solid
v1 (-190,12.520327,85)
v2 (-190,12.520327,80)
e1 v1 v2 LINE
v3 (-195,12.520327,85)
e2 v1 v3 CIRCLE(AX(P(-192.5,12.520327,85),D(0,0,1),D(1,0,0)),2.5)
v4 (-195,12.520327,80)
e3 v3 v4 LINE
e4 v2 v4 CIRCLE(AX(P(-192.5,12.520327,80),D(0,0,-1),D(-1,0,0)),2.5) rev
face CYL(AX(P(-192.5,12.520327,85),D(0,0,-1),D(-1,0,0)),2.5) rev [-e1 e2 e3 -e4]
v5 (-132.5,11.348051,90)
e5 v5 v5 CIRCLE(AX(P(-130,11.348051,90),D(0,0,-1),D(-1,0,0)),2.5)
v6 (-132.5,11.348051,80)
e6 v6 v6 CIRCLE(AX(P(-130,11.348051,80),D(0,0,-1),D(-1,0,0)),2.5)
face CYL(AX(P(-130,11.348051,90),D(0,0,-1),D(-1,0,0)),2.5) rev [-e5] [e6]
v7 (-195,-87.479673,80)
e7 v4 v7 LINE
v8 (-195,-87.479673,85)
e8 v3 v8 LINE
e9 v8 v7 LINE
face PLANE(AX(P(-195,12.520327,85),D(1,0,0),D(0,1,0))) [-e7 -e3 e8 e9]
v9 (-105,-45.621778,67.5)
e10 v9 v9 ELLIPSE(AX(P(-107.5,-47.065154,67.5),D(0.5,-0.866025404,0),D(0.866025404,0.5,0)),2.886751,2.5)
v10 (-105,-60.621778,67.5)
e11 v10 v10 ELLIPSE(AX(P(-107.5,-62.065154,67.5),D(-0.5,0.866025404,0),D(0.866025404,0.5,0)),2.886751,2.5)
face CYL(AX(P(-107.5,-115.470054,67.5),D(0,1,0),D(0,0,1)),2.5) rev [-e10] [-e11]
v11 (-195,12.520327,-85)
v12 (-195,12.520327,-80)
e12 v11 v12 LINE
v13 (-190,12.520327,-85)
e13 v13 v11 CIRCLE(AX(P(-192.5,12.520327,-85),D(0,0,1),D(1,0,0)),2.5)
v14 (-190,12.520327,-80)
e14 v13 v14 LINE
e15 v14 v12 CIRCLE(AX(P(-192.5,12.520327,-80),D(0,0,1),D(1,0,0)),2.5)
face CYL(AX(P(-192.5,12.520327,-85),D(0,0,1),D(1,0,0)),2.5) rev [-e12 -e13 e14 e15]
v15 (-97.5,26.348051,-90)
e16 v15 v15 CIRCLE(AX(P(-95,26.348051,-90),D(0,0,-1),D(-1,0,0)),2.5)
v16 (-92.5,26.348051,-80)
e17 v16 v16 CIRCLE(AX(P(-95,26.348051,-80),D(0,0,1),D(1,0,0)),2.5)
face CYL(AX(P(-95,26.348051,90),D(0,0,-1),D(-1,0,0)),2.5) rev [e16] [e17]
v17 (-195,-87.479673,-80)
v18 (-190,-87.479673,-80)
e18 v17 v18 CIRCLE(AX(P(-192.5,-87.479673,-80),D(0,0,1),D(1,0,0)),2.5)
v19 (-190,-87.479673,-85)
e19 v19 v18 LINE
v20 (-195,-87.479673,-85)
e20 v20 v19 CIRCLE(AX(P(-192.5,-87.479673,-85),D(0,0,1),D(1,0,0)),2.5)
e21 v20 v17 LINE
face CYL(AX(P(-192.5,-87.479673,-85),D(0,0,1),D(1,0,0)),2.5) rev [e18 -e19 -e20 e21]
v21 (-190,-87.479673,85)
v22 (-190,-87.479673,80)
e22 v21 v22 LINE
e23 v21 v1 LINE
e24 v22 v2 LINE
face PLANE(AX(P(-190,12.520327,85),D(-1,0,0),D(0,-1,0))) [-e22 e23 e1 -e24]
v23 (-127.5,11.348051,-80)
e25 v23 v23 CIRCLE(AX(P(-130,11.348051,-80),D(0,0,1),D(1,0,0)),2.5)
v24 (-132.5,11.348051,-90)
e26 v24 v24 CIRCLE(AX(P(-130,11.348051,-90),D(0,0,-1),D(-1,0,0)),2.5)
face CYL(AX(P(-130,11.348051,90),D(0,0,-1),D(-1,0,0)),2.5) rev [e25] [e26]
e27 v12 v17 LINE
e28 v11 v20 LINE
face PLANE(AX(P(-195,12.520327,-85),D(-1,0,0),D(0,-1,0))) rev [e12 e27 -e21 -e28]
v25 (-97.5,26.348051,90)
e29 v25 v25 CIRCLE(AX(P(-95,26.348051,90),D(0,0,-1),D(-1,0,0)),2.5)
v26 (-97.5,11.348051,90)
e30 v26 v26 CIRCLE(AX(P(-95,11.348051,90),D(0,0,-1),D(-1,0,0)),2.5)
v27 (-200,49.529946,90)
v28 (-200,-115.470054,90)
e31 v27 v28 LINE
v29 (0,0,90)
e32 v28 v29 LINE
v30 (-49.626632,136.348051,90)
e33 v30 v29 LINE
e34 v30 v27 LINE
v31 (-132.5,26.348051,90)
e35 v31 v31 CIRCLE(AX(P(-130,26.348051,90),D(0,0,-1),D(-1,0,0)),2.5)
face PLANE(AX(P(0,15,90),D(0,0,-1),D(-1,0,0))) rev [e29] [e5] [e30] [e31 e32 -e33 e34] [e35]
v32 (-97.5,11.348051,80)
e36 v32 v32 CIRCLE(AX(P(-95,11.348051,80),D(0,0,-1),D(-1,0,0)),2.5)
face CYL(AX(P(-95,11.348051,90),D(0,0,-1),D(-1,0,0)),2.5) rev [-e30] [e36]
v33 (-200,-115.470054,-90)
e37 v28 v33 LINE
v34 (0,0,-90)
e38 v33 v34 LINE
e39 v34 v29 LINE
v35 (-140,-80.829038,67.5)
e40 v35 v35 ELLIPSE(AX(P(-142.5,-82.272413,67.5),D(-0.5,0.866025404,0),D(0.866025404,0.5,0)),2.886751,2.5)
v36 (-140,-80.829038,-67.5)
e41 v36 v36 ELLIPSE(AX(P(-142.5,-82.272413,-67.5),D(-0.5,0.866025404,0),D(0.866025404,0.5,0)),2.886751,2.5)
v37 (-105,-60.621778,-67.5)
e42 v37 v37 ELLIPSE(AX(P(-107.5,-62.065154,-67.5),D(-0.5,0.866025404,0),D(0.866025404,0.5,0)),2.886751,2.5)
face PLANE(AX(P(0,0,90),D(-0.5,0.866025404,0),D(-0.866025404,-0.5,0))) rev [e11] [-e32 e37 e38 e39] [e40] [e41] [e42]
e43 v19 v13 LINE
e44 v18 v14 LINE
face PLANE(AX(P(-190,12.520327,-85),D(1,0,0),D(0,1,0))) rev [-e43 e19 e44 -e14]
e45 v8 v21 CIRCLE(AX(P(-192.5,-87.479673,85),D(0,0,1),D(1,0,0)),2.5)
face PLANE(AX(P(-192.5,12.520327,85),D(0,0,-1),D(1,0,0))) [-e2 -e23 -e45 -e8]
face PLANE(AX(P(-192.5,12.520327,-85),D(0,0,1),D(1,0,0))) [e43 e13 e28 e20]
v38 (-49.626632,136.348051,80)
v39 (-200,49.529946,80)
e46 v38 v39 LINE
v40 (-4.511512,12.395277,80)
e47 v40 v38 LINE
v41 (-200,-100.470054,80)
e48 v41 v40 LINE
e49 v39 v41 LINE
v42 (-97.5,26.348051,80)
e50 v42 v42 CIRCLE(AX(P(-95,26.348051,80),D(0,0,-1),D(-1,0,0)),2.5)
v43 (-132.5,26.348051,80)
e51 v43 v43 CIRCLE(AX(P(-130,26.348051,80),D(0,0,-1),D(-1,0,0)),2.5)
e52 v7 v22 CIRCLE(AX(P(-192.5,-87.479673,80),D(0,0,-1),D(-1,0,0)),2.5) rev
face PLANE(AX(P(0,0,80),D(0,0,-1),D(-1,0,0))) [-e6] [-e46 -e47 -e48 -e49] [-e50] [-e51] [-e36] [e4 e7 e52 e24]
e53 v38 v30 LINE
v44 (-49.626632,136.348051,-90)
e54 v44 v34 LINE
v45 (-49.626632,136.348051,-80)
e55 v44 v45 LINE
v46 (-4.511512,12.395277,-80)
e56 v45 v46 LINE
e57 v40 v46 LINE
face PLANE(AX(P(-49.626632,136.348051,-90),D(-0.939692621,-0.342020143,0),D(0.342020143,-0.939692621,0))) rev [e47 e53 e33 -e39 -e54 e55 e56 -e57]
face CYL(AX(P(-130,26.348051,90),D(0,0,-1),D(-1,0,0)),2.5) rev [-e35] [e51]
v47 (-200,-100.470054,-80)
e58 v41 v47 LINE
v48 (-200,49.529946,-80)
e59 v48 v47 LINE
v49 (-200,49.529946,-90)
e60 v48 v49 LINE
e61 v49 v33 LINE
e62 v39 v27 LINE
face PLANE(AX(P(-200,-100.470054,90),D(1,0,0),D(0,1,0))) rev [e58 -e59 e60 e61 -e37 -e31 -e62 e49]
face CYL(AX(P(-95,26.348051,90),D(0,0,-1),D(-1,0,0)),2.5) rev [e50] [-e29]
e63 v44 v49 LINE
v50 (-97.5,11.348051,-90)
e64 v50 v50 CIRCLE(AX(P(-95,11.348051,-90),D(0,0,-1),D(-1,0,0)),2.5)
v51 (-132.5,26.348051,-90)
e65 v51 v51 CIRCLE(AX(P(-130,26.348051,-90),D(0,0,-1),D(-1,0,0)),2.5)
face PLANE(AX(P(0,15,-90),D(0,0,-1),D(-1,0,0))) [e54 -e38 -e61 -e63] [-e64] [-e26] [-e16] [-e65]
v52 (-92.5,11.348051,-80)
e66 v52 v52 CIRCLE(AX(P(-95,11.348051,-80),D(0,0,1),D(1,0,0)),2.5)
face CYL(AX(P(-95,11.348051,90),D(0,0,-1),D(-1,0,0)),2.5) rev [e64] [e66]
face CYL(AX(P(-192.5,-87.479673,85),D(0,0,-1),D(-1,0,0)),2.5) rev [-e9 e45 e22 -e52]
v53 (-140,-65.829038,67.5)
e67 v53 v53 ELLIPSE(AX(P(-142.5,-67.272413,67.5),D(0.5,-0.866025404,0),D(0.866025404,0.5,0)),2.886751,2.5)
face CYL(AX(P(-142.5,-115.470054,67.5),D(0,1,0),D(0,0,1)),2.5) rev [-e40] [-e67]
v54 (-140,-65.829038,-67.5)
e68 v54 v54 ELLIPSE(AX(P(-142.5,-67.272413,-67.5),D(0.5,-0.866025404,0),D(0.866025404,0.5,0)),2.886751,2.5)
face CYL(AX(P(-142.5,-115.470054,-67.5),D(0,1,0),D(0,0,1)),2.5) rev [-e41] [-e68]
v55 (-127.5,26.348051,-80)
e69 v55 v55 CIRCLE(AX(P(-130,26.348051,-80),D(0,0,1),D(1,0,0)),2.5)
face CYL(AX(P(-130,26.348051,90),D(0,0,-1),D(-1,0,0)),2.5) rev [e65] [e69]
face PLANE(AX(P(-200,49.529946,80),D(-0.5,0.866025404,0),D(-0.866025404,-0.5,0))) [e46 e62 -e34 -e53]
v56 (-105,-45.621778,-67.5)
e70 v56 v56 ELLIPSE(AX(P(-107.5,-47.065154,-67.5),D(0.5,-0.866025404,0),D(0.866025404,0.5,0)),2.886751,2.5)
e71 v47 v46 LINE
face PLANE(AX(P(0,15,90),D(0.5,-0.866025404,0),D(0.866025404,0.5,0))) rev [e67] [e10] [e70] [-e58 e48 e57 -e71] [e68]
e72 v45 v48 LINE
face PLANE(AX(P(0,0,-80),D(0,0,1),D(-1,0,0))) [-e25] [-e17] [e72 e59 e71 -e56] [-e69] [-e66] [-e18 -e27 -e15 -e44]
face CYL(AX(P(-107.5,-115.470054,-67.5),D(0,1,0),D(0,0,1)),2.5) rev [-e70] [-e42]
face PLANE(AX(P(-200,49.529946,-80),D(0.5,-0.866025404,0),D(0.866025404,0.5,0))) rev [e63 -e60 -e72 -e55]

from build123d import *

# Parameters (mm, degrees)
SKETCH1_W            = 50
SKETCH1_H            = 150
SKETCH1_R            = 2.5
BOSS_EXTRUDE1_DEPTH  = 15
BOSS_EXTRUDE2_DEPTH  = 90
SKETCH3_W            = 250
SKETCH3_H            = 15
BOSS_EXTRUDE3_DEPTH  = 150
BOSS_EXTRUDE8_DEPTH  = 10
CUT_EXTRUDE1_DEPTH   = 10
SKETCH10_W           = 115
SKETCH10_H           = 165
BOSS_EXTRUDE12_DEPTH = 15
CUT_EXTRUDE3_DEPTH   = 181
SKETCH13_R           = 2.5
CUT_EXTRUDE4_DEPTH   = 116.470053838
SKETCH14_R           = 2.5
CUT_EXTRUDE5_DEPTH   = 181


with BuildPart() as part:
    # Sketch1 → Boss-Extrude1 (new body)
    with BuildSketch(Plane(origin=(0, 0, 0), x_dir=(1, 0, 0), z_dir=(0, 1, 0))):
        Polygon((0, 90), (0, 75), (50, 75), (50, -75), (0, -75), (0, -90), (250, -90), (250, 90), align=None)
        with Locations((25, 0)):
            Rectangle(SKETCH1_W, SKETCH1_H)
        with Locations((7.5, -67.5)):
            Circle(SKETCH1_R, mode=Mode.SUBTRACT)
        with Locations((42.5, -67.5)):
            Circle(SKETCH1_R, mode=Mode.SUBTRACT)
        with Locations((7.5, 67.5)):
            Circle(SKETCH1_R, mode=Mode.SUBTRACT)
        with Locations((42.5, 67.5)):
            Circle(SKETCH1_R, mode=Mode.SUBTRACT)
    extrude(amount=BOSS_EXTRUDE1_DEPTH)

    # Sketch2 → Boss-Extrude2 (add, symmetric)
    with BuildSketch(Plane.XY):
        Polygon((0, 0), (-200, -115.470053838), (-200, -100.470053838), (0, 15), align=None)
    extrude(amount=BOSS_EXTRUDE2_DEPTH, both=True)

    # Sketch3 → Boss-Extrude3 (add)
    with BuildSketch(Plane(origin=(0, 15, 0), x_dir=(1, 0, 0), z_dir=(0, 1, 0))):
        with Locations((125, 82.5)):
            Rectangle(SKETCH3_W, SKETCH3_H)
        with Locations((125, -82.5)):
            Rectangle(SKETCH3_W, SKETCH3_H)
    extrude(amount=BOSS_EXTRUDE3_DEPTH)

    # Sketch8 → Boss-Extrude8 (add)
    with BuildSketch(Plane.XY.offset(90)):
        Polygon((0, 15), (-200, -100.470053838), (-200, 49.529946162), (0, 165), align=None)
    boss_extrude8 = extrude(amount=-BOSS_EXTRUDE8_DEPTH)

    # Mirror1: Boss-Extrude8 across plane
    add(boss_extrude8.mirror(Plane.XY))

    # Sketch9 → Cut-Extrude1 (cut)
    with BuildSketch(Plane.XY.offset(-75)):
        with BuildLine():
            Line((-190, 12.520327219), (-190, -87.479672781))
            ThreePointArc((-190, -87.479672781), (-192.5, -89.979672781), (-195, -87.479672781))
            Line((-195, -87.479672781), (-195, 12.520327219))
            ThreePointArc((-195, 12.520327219), (-192.5, 15.020327219), (-190, 12.520327219))
        make_face()
    cut_extrude1 = extrude(amount=-CUT_EXTRUDE1_DEPTH, mode=Mode.SUBTRACT)

    # Mirror2: Cut-Extrude1 across plane
    add(cut_extrude1.mirror(Plane.XY), mode=Mode.SUBTRACT)

    # Sketch10 → Boss-Extrude12 (add)
    with BuildSketch(Plane(origin=(250, 0, 0), x_dir=(0, 0, -1), z_dir=(1, 0, 0))):
        with Locations((-32.5, 82.5)):
            Rectangle(SKETCH10_W, SKETCH10_H)
    boss_extrude12 = extrude(amount=-BOSS_EXTRUDE12_DEPTH)

    # Mirror3: Boss-Extrude12 across plane
    add(boss_extrude12.mirror(Plane.XY))

    # Sketch12 → Cut-Extrude3 (cut, through all)
    with BuildSketch(Plane.XY.offset(90)):
        Polygon((0, 165), (250, 165), (250, 0), (0, 0), (-49.62663195, 136.348050685), align=None)
    extrude(amount=-CUT_EXTRUDE3_DEPTH, mode=Mode.SUBTRACT)

    # Sketch13 → Cut-Extrude4 (cut, through all)
    with BuildSketch(Plane(origin=(0, 0, 0), x_dir=(1, 0, 0), z_dir=(0, 1, 0))):
        with Locations((-142.5, 67.5)):
            Circle(SKETCH13_R)
        with Locations((-107.5, 67.5)):
            Circle(SKETCH13_R)
        with Locations((-142.5, -67.5)):
            Circle(SKETCH13_R)
        with Locations((-107.5, -67.5)):
            Circle(SKETCH13_R)
    extrude(amount=-CUT_EXTRUDE4_DEPTH, mode=Mode.SUBTRACT)

    # Sketch14 → Cut-Extrude5 (cut, through all)
    with BuildSketch(Plane(origin=(0, 0, -90), x_dir=(-1, 0, 0), z_dir=(0, 0, -1))):
        with Locations((95, 11.348050685)):
            Circle(SKETCH14_R)
        with Locations((130, 11.348050685)):
            Circle(SKETCH14_R)
        with Locations((95, 26.348050685)):
            Circle(SKETCH14_R)
        with Locations((130, 26.348050685)):
            Circle(SKETCH14_R)
    extrude(amount=-CUT_EXTRUDE5_DEPTH, mode=Mode.SUBTRACT)


solid = part.part
